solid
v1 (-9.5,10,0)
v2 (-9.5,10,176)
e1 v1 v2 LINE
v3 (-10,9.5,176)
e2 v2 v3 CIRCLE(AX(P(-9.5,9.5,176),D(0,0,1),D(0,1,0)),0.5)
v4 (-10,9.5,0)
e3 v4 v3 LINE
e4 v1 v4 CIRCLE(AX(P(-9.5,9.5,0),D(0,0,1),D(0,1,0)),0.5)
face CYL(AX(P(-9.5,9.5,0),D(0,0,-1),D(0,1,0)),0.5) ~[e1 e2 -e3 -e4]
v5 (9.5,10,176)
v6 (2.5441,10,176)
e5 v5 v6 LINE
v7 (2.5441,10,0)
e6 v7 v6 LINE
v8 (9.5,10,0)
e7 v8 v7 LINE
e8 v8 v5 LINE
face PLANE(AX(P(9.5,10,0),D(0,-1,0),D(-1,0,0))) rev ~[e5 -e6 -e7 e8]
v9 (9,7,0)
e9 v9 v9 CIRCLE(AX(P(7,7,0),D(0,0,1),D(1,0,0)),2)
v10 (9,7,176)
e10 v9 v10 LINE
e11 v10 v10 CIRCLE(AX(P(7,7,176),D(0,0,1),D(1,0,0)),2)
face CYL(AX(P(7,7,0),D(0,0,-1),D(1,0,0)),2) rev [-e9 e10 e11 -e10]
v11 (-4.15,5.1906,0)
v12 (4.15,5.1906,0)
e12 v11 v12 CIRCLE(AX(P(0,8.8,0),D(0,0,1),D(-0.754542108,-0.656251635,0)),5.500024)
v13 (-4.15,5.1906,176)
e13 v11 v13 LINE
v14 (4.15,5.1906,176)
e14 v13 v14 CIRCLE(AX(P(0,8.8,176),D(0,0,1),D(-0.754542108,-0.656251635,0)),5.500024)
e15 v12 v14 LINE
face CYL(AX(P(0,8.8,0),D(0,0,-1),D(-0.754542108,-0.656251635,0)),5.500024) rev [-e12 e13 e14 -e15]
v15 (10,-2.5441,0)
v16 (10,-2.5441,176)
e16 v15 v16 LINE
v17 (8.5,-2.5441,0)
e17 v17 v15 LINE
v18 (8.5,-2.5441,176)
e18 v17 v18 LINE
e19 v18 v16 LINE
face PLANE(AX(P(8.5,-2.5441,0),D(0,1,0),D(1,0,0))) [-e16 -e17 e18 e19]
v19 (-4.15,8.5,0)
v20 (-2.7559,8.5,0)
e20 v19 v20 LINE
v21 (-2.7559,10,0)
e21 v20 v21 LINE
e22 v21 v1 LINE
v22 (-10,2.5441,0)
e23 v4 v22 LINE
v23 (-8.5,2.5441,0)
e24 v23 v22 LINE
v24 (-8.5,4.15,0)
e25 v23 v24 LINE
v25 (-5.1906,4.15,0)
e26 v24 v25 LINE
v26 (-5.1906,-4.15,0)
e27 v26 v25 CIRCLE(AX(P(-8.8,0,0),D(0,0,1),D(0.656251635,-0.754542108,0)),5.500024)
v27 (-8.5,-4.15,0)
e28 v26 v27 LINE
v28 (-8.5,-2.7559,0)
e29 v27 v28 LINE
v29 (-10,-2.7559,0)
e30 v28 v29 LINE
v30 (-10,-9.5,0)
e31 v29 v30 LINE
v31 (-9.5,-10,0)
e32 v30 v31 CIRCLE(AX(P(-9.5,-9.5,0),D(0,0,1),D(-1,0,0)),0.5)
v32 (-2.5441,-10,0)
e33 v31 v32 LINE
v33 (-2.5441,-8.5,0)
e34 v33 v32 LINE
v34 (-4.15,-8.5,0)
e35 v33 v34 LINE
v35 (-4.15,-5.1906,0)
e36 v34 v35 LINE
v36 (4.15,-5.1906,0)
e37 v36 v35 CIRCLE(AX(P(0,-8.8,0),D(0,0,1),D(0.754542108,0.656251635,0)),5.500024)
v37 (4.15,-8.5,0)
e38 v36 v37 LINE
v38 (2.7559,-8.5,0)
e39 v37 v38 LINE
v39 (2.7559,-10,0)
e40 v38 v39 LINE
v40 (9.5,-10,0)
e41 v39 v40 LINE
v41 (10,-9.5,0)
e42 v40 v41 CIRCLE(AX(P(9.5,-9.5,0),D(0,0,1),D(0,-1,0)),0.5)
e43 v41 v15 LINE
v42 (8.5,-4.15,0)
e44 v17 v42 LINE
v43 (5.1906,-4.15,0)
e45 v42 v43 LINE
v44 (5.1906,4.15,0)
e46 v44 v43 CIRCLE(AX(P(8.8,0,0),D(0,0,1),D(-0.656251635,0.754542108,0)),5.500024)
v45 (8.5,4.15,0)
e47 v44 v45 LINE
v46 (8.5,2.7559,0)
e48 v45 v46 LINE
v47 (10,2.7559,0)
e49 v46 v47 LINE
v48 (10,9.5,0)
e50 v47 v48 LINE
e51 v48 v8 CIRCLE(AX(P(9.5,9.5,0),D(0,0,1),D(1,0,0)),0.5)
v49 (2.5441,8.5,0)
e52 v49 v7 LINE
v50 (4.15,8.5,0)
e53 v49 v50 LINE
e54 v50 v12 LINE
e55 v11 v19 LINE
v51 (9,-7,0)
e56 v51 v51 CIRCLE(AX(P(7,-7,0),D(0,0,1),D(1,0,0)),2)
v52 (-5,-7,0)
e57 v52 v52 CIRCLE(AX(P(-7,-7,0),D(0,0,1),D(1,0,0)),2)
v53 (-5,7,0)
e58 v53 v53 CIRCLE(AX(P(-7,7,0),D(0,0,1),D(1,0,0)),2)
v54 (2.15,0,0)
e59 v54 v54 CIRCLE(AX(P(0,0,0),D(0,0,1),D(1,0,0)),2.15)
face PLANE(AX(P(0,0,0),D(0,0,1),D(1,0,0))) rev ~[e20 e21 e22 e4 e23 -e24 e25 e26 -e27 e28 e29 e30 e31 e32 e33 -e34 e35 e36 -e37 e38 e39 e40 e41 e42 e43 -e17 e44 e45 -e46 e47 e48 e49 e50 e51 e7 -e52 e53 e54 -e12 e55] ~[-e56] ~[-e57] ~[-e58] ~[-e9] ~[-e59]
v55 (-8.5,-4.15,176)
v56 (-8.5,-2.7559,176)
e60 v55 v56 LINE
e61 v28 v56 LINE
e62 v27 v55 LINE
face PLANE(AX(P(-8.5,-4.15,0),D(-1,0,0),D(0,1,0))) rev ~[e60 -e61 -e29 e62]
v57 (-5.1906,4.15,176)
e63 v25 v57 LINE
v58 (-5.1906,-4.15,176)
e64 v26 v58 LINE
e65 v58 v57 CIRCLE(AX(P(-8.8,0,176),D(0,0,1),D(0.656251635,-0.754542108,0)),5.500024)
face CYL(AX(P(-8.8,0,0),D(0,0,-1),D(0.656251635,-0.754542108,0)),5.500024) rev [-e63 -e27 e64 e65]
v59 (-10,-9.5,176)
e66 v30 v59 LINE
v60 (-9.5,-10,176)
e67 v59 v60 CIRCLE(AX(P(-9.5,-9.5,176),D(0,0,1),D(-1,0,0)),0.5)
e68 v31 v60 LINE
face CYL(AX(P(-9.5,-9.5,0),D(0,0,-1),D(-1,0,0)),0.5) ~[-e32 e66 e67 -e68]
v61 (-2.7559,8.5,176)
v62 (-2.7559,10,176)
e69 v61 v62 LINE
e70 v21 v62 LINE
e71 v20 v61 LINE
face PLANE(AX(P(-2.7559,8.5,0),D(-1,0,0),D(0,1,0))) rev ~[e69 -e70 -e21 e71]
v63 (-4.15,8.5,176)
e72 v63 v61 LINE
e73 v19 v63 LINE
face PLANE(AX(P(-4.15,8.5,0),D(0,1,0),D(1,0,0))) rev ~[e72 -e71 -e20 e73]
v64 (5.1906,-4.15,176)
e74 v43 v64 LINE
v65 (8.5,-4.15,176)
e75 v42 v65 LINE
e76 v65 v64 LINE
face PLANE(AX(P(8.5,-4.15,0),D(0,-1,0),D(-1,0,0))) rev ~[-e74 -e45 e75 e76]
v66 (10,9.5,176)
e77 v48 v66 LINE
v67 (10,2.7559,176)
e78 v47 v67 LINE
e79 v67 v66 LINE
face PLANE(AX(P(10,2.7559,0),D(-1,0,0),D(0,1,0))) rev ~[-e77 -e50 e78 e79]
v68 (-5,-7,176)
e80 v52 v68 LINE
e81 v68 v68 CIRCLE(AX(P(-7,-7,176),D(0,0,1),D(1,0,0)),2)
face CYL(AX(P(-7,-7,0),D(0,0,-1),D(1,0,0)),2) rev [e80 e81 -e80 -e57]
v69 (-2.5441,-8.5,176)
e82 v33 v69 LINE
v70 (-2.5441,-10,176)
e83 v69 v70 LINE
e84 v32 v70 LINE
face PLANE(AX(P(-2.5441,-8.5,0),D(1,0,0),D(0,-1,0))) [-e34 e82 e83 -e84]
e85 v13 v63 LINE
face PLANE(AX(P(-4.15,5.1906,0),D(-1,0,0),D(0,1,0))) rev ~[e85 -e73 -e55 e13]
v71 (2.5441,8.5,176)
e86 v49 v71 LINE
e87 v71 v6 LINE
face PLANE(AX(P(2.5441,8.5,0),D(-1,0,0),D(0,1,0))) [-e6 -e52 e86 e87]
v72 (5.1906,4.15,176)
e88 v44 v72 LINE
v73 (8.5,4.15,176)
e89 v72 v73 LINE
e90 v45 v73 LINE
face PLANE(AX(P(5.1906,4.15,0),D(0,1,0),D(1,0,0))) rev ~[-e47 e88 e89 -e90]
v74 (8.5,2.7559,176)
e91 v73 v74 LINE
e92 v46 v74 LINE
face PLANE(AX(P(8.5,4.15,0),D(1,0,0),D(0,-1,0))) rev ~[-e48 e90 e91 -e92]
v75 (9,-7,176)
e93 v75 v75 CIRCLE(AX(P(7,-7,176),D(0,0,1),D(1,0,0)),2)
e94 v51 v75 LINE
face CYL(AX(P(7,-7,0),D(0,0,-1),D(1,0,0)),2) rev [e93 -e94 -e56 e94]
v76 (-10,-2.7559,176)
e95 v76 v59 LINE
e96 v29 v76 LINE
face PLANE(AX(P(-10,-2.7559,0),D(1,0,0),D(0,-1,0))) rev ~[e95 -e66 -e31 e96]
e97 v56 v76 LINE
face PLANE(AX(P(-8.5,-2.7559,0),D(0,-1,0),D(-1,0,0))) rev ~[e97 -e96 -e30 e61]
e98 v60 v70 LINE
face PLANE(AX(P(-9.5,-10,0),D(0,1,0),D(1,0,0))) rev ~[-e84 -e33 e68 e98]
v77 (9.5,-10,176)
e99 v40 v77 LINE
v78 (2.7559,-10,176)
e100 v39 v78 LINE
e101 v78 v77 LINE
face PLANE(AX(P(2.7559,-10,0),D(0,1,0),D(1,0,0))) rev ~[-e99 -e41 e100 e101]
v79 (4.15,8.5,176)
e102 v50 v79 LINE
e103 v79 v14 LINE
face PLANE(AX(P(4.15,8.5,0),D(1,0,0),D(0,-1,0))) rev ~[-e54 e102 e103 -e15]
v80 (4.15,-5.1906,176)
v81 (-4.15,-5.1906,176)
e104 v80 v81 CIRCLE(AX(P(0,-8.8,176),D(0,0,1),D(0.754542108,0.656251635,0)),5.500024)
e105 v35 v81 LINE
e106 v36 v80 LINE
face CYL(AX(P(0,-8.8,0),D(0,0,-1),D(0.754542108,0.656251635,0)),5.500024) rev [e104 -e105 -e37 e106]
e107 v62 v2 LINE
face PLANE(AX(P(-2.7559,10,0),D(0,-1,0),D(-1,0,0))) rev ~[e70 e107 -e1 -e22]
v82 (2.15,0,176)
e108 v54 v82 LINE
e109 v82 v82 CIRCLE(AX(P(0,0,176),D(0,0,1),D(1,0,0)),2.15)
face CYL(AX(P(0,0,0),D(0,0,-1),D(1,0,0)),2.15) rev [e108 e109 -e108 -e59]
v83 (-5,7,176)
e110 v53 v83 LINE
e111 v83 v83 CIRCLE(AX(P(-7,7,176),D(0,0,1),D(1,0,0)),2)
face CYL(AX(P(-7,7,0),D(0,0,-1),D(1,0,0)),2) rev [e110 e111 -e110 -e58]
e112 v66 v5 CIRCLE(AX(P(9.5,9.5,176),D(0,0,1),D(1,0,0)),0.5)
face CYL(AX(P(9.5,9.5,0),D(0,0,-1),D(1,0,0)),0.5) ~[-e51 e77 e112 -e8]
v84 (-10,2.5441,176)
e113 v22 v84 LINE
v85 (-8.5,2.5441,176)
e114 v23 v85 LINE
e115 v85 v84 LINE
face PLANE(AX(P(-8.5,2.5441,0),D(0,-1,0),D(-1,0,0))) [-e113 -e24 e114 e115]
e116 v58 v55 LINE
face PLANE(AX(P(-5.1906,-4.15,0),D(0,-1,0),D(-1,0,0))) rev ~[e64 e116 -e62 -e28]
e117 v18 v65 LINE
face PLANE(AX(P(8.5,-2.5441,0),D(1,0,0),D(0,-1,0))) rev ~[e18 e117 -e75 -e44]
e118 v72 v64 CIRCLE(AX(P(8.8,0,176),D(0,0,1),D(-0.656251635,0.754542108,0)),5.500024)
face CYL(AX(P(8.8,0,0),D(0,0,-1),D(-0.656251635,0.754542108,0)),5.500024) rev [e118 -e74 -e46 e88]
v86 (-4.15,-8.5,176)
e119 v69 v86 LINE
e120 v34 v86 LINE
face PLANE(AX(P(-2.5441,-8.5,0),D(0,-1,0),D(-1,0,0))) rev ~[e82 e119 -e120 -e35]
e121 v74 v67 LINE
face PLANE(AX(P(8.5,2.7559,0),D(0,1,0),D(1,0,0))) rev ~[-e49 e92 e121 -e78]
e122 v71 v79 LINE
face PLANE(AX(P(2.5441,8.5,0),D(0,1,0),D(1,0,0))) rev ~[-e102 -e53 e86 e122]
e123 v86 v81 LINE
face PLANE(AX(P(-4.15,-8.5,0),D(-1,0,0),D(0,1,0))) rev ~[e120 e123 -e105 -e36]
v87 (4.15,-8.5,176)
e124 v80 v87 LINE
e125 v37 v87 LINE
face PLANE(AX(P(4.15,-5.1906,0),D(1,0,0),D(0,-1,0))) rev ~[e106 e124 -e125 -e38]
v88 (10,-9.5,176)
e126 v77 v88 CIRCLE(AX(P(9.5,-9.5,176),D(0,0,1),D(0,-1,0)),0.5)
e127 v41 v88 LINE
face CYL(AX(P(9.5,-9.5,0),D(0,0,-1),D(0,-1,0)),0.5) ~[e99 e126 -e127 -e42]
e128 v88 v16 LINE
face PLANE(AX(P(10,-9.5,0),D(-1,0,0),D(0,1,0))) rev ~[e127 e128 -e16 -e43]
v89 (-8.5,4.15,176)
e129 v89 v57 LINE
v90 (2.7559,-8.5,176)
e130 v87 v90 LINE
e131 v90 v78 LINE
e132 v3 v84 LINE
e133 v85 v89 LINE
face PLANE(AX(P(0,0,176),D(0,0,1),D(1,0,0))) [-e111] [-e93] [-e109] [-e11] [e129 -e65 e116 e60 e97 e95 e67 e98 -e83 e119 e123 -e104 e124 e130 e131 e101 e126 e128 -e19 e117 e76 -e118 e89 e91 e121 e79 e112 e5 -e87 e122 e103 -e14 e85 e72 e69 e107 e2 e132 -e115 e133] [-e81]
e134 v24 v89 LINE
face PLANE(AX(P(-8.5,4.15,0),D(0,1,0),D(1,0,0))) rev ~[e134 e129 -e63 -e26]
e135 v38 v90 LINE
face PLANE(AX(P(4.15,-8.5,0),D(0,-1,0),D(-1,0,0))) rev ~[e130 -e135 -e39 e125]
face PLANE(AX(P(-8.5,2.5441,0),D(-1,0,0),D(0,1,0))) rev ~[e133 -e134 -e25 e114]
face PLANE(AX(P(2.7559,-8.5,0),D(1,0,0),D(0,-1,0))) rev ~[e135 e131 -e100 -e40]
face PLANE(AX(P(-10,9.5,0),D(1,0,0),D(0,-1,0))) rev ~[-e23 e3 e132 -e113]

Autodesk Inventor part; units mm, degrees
ref_plane "YZ Plane" through (0, 0, 0) normal (1, 0, 0) x (0, 1, 0)
ref_plane "XZ Plane" through (0, 0, 0) normal (0, 1, 0) x (-1, 0, 0)
ref_plane "XY Plane" through (0, 0, 0) normal (0, 0, 1) x (1, 0, 0)
sketch "Sketch1" plane through (0, 0, 0) normal (0, 0, 1) x (1, 0, 0)
  line L0 (-10, -10) -> (10, 10) construction
  line L1 (10, -10) -> (-10, 10) construction
  arc A0 (-10, -9.5) -> (-9.5, -10) centre (-9.5, -9.5) ccw
  arc A1 (-9.5, 10) -> (-10, 9.5) centre (-9.5, 9.5) ccw
  arc A2 (10, 9.5) -> (9.5, 10) centre (9.5, 9.5) ccw
  arc A3 (9.5, -10) -> (10, -9.5) centre (9.5, -9.5) ccw
  line L2 (7, -7) -> (-7, -7) construction
  line L3 (-7, -7) -> (-7, 7) construction
  line L4 (-7, 7) -> (7, 7) construction
  line L5 (7, 7) -> (7, -7) construction
  line L6 (7, -7) -> (-7, 7) construction
  line L7 (-7, -7) -> (7, 7) construction
  circle A4 centre (-7, -7) radius 2
  circle A5 centre (-7, 7) radius 2
  circle A6 centre (7, 7) radius 2
  circle A7 centre (7, -7) radius 2
  circle A8 centre (0, 0) radius 2.15
  line L8 (-8.5, 4.15) -> (-5.1906, 4.15)
  arc A9 (-5.1906, -4.15) -> (-5.1906, 4.15) centre (-8.8, 0) ccw
  line L9 (-5.1906, -4.15) -> (-8.5, -4.15)
  line L10 (-8.5, -4.15) -> (-8.5, -2.7559)
  line L11 (-8.5, 2.5441) -> (-8.5, 4.15)
  line L12 (-5.1906, -4.15) -> (-5.1906, 4.15) construction
  line L13 (-8.5, -2.7559) -> (-10, -2.7559)
  line L14 (-8.5, 2.5441) -> (-10, 2.5441)
  line L15 (-10, 9.5) -> (-10, 2.5441)
  line L16 (-10, -2.7559) -> (-10, -9.5)
  line L17 (4.15, -8.5) -> (2.7559, -8.5)
  line L18 (2.7559, -8.5) -> (2.7559, -10)
  line L19 (4.15, -5.1906) -> (-4.15, -5.1906) construction
  arc A10 (4.15, -5.1906) -> (-4.15, -5.1906) centre (0, -8.8) ccw
  line L20 (7, -7) -> (-7, 7) construction
  line L21 (10, -10) -> (-10, 10) construction
  line L22 (-4.15, -8.5) -> (-4.15, -5.1906)
  line L23 (4.15, -5.1906) -> (4.15, -8.5)
  line L24 (-2.5441, -8.5) -> (-2.5441, -10)
  line L25 (-2.5441, -8.5) -> (-4.15, -8.5)
  line L26 (8.5, 4.15) -> (8.5, 2.7559)
  line L27 (8.5, 2.7559) -> (10, 2.7559)
  line L28 (5.1906, 4.15) -> (5.1906, -4.15) construction
  arc A11 (5.1906, 4.15) -> (5.1906, -4.15) centre (8.8, 0) ccw
  line L29 (7, 7) -> (-7, -7) construction
  line L30 (10, 10) -> (-10, -10) construction
  line L31 (8.5, -4.15) -> (5.1906, -4.15)
  line L32 (5.1906, 4.15) -> (8.5, 4.15)
  line L33 (8.5, -2.5441) -> (10, -2.5441)
  line L34 (8.5, -2.5441) -> (8.5, -4.15)
  line L35 (-4.15, 8.5) -> (-2.7559, 8.5)
  line L36 (-2.7559, 8.5) -> (-2.7559, 10)
  line L37 (-4.15, 5.1906) -> (4.15, 5.1906) construction
  arc A12 (-4.15, 5.1906) -> (4.15, 5.1906) centre (0, 8.8) ccw
  line L38 (-7, 7) -> (7, -7) construction
  line L39 (-10, 10) -> (10, -10) construction
  line L40 (4.15, 8.5) -> (4.15, 5.1906)
  line L41 (-4.15, 5.1906) -> (-4.15, 8.5)
  line L42 (2.5441, 8.5) -> (2.5441, 10)
  line L43 (2.5441, 8.5) -> (4.15, 8.5)
  line L44 (-9.5, -10) -> (-2.5441, -10)
  line L45 (2.7559, -10) -> (9.5, -10)
  line L46 (9.5, 10) -> (2.5441, 10)
  line L47 (-2.7559, 10) -> (-9.5, 10)
  line L48 (10, -9.5) -> (10, -2.5441)
  line L49 (10, 2.7559) -> (10, 9.5)
  point P0 (-10, 0)
  point P1 (-5.8595, 0)
  point P2 (-5.1906, 0)
  point P3 (-10, 0)
  point P4 (0, -5.8595)
  point P5 (0, -5.1906)
  point P6 (5.8595, 0)
  point P7 (5.1906, 0)
  point P8 (0, 5.8595)
  point P9 (0, 5.1906)
  dimension "d0" = 20
  dimension "d1" = 20
  dimension "d2" = 0.5
  dimension "d3" = 14
  dimension "d4" = 14
  dimension "d5" = 4
  dimension "d6" = 4.3
  dimension "d13" = 5.5
  dimension "d14" = 8.3
  dimension "d16" = 5.3
  dimension "d17" = 6.7
  dimension "d18" = 1.5
  dimension "d21" = 360
extrude "Extrusion1" add sketch "Sketch1" along normal blind 176
properties part number "Profile_CPY"
